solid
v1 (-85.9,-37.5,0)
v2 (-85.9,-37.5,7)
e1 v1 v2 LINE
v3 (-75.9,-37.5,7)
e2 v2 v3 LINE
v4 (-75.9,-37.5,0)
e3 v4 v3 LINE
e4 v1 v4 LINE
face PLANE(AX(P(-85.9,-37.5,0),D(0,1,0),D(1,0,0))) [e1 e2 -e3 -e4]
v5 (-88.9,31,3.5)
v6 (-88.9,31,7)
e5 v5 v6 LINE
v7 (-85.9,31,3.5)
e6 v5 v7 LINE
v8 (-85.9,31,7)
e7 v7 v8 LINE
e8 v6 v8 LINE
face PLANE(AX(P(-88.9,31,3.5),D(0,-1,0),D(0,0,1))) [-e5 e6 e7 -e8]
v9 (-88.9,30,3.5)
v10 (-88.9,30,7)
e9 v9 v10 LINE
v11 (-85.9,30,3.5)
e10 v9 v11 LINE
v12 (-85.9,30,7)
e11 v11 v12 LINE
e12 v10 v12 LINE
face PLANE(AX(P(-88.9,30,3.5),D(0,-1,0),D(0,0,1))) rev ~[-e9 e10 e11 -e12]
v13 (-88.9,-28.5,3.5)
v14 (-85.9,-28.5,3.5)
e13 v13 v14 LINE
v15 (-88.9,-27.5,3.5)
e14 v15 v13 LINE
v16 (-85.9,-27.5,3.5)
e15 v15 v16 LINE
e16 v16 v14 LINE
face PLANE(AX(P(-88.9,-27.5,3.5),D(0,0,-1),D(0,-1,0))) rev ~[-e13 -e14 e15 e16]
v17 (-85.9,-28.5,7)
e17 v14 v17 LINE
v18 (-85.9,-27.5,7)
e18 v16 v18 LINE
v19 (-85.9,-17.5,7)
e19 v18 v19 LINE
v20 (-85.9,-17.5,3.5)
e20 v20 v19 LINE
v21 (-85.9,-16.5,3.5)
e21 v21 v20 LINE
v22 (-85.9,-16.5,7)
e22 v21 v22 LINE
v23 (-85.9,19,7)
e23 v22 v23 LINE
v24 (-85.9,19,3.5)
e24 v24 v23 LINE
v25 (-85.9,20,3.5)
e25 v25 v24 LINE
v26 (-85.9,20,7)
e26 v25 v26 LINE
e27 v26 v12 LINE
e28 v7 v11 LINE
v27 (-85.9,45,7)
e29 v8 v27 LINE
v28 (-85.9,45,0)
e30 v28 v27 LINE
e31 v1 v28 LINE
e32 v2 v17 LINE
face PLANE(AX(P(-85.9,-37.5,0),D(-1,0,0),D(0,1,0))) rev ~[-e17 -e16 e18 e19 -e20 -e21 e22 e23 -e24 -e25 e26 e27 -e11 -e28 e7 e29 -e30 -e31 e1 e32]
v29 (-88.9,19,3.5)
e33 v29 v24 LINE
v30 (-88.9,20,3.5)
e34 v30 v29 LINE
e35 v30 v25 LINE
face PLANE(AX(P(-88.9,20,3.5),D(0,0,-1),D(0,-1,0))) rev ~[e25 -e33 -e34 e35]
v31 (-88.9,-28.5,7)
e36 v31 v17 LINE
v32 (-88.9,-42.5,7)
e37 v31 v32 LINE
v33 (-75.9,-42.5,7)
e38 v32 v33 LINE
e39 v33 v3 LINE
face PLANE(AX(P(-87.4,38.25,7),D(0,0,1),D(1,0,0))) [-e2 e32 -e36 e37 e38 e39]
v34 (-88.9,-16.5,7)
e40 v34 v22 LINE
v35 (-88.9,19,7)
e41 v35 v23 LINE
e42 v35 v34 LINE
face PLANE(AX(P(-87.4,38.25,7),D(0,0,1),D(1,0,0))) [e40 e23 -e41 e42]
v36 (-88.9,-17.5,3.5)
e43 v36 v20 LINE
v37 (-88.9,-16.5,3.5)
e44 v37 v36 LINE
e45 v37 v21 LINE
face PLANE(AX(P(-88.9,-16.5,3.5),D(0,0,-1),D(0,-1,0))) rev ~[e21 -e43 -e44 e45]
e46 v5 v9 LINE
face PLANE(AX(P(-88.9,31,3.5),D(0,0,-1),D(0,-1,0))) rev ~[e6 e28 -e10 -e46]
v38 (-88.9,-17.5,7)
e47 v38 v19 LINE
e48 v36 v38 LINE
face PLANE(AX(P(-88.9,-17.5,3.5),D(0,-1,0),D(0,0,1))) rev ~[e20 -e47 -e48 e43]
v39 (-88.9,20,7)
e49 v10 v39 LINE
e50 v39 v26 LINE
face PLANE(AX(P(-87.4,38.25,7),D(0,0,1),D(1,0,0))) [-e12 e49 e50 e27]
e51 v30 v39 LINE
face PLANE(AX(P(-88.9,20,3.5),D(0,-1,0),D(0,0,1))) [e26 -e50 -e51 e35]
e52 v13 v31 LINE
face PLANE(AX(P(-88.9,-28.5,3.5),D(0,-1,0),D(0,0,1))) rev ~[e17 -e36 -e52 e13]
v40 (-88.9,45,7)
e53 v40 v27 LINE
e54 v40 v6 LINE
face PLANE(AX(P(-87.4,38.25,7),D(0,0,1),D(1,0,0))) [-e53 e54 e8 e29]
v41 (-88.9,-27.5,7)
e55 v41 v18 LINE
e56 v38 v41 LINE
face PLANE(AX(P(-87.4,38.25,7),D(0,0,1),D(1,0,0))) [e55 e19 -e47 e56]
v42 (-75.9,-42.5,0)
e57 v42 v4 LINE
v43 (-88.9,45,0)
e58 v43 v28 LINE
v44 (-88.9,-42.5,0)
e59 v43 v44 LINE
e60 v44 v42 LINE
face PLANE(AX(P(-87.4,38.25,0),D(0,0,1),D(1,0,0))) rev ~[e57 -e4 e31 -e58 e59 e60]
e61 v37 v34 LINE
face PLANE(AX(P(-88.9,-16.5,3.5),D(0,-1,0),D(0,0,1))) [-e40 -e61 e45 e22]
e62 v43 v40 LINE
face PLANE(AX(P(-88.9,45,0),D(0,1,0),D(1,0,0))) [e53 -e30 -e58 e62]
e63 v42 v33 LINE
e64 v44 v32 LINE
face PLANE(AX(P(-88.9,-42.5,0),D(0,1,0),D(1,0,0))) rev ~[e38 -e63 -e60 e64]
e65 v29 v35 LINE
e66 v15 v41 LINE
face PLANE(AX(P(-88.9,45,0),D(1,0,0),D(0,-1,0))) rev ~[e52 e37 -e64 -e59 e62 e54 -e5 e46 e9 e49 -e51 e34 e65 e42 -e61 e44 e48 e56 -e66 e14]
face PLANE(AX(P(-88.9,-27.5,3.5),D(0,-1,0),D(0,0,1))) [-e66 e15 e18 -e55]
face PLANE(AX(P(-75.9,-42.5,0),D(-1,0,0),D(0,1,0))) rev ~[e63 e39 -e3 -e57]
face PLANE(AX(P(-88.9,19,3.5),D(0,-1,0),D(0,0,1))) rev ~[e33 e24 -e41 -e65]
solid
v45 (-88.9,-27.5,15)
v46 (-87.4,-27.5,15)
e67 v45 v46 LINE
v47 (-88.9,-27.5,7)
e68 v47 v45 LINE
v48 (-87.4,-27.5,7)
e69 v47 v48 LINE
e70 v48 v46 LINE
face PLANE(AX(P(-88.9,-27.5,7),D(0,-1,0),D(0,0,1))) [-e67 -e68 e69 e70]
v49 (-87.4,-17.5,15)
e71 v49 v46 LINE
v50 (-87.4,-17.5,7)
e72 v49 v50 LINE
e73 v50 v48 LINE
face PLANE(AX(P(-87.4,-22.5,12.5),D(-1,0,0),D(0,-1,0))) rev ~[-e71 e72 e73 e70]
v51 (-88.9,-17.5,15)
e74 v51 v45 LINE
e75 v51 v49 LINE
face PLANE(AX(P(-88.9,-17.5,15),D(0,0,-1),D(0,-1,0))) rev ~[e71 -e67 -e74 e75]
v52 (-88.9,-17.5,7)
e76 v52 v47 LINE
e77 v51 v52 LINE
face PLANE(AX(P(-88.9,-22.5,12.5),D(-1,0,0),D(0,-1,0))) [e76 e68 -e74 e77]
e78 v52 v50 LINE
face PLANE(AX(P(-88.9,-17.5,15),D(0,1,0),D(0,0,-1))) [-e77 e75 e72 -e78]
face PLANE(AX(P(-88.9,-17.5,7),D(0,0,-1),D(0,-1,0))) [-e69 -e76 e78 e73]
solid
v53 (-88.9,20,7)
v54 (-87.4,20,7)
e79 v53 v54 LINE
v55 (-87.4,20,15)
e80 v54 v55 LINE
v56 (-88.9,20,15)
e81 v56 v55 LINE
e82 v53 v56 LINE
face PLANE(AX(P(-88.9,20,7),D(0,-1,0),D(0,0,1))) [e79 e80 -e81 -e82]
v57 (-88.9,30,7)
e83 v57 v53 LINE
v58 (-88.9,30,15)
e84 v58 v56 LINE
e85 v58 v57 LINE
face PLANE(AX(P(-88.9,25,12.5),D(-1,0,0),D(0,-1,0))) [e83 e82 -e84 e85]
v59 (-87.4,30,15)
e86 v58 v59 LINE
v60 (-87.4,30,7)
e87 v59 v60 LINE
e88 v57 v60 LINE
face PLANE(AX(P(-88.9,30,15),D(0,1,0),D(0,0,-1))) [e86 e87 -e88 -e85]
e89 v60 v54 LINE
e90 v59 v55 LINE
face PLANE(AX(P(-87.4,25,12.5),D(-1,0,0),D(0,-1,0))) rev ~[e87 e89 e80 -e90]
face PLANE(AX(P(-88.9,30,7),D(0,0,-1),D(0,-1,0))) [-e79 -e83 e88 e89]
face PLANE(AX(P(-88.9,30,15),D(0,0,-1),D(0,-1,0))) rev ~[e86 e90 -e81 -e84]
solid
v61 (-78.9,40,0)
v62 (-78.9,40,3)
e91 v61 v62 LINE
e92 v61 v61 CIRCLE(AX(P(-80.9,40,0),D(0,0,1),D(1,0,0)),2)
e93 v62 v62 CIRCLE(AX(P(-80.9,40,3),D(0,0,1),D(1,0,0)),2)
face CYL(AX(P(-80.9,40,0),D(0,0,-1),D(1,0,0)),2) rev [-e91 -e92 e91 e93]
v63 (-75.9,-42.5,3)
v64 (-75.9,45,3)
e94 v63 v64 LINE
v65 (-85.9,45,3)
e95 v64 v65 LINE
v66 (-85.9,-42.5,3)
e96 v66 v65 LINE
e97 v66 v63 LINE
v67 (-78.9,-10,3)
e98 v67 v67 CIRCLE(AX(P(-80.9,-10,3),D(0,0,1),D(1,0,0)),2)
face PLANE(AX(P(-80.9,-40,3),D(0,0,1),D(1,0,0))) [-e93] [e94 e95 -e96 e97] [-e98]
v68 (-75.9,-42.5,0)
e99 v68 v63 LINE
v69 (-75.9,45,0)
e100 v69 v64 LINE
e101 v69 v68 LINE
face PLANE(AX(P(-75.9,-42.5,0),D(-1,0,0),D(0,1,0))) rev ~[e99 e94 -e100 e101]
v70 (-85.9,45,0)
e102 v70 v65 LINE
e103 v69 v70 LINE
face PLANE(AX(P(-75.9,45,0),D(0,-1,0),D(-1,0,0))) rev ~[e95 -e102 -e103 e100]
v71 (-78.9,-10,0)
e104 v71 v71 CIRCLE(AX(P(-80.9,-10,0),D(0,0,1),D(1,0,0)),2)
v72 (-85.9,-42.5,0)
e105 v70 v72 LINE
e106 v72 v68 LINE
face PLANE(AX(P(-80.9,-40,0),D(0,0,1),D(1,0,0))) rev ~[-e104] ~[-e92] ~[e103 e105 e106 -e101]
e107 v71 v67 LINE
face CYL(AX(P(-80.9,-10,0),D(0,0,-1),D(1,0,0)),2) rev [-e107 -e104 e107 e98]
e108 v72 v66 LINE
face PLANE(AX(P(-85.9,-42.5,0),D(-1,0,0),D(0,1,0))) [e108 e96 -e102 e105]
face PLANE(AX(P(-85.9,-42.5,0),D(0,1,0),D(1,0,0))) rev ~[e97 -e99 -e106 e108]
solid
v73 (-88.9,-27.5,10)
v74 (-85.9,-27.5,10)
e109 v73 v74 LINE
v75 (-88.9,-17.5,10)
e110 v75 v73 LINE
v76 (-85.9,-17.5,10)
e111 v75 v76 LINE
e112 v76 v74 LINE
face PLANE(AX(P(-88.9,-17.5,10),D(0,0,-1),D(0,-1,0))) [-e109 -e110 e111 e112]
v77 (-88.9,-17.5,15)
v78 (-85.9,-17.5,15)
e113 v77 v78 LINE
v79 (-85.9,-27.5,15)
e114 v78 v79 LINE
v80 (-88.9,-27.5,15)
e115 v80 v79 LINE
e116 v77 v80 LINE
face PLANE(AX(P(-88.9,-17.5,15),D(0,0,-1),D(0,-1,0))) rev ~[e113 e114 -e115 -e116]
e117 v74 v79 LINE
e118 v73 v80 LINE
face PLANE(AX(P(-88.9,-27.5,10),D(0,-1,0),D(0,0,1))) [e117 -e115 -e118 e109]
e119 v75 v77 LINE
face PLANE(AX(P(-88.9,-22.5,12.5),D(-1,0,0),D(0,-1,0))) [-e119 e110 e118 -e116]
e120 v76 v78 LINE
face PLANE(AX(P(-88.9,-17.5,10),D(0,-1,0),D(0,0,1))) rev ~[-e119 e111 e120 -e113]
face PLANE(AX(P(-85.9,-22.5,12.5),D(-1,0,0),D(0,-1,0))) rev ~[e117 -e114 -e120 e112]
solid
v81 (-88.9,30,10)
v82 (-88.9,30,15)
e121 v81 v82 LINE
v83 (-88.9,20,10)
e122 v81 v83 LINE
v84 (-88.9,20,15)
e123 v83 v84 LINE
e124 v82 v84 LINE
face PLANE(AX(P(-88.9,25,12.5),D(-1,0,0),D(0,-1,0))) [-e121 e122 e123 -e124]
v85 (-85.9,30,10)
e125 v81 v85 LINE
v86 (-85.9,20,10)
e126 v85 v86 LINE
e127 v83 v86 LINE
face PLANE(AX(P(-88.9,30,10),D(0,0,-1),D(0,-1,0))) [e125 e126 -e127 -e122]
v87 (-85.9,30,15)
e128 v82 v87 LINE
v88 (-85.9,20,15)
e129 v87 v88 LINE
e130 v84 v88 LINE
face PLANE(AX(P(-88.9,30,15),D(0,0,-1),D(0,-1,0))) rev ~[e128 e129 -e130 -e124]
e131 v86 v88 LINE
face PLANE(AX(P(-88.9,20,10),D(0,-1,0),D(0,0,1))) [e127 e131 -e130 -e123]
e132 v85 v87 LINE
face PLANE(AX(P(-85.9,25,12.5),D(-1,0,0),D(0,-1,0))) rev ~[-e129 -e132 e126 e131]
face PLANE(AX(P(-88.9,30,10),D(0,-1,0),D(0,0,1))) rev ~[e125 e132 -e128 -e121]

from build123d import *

# Parameters (mm, degrees)
F0_W     = 3
F0_H     = 13.5
F0_H_2   = 63
F0_W_2   = 10
F0_H_3   = 5
F1_DEPTH = 7
F0_R     = 2
F2_DEPTH = 3
F3_DEPTH = 3
F5_W     = 1
F5_H     = 3.5
F6_DEPTH = 13.001
F5_W_2   = 10
F5_H_2   = 5
F5_H_3   = 3
F7_DEPTH = 1.5
F8_DEPTH = 3


with BuildPart() as f1:
    # F0 (on Top) → F1 (new body)
    with BuildSketch(Plane.XY):
        with Locations((-87.4, 38.25)):
            Rectangle(F0_W, F0_H)
        with Locations((-87.4, 0)):
            Rectangle(F0_W, F0_H_2)
        Polygon((-88.9, -42.5), (-85.9, -42.5), (-85.9, -37.5), (-85.9, -31.5), (-88.9, -31.5), align=None)
        with Locations((-80.9, -40)):
            Rectangle(F0_W_2, F0_H_3)
    extrude(amount=F1_DEPTH)

    # F5 (on offset) → F6 (cut, through all)
    with BuildSketch(Plane(origin=(-88.9, 0, 0), x_dir=(0, -1, 0), z_dir=(-1, 0, 0))):
        with Locations((-30.5, 5.25)):
            Rectangle(F5_W, F5_H)
        with Locations((-19.5, 5.25)):
            Rectangle(F5_W, F5_H)
        with Locations((17, 5.25)):
            Rectangle(F5_W, F5_H)
        with Locations((28, 5.25)):
            Rectangle(F5_W, F5_H)
    extrude(amount=-F6_DEPTH, mode=Mode.SUBTRACT)


with BuildPart() as f2:
    # F0 (on Top) → F2 (new body)
    with BuildSketch(Plane.XY):
        Polygon((-85.9, -37.5), (-75.9, -37.5), (-75.9, 45), (-85.9, 45), (-85.9, 31.5), (-85.9, -31.5), align=None)
        with Locations((-80.9, -10)):
            Circle(F0_R, mode=Mode.SUBTRACT)
        with Locations((-80.9, 40)):
            Circle(F0_R, mode=Mode.SUBTRACT)
    extrude(amount=F2_DEPTH)

    # F0 (on Top) → F3 (join)
    with BuildSketch(Plane.XY):
        with Locations((-80.9, -40)):
            Rectangle(F0_W_2, F0_H_3)
    extrude(amount=F3_DEPTH)


with BuildPart() as f7:
    # F5 (on offset) → F7 (new body)
    with BuildSketch(Plane(origin=(-88.9, 0, 0), x_dir=(0, -1, 0), z_dir=(-1, 0, 0))):
        with Locations((-25, 12.5)):
            Rectangle(F5_W_2, F5_H_2)
        with Locations((-25, 8.5)):
            Rectangle(F5_W_2, F5_H_3)
    extrude(amount=-F7_DEPTH)


with BuildPart() as f7b:
    # F5 (on offset) → F7, piece 2 (new body)
    with BuildSketch(Plane(origin=(-88.9, 0, 0), x_dir=(0, -1, 0), z_dir=(-1, 0, 0))):
        with Locations((22.5, 12.5)):
            Rectangle(F5_W_2, F5_H_2)
        with Locations((22.5, 8.5)):
            Rectangle(F5_W_2, F5_H_3)
    extrude(amount=-F7_DEPTH)


with BuildPart() as f8:
    # F5 (on offset) → F8 (new body)
    with BuildSketch(Plane(origin=(-88.9, 0, 0), x_dir=(0, -1, 0), z_dir=(-1, 0, 0))):
        with Locations((22.5, 12.5)):
            Rectangle(F5_W_2, F5_H_2)
    extrude(amount=-F8_DEPTH)


with BuildPart() as f8b:
    # F5 (on offset) → F8, piece 2 (new body)
    with BuildSketch(Plane(origin=(-88.9, 0, 0), x_dir=(0, -1, 0), z_dir=(-1, 0, 0))):
        with Locations((-25, 12.5)):
            Rectangle(F5_W_2, F5_H_2)
    extrude(amount=-F8_DEPTH)


solid = Compound([f1.part, f2.part, f7.part, f7b.part, f8.part, f8b.part])
